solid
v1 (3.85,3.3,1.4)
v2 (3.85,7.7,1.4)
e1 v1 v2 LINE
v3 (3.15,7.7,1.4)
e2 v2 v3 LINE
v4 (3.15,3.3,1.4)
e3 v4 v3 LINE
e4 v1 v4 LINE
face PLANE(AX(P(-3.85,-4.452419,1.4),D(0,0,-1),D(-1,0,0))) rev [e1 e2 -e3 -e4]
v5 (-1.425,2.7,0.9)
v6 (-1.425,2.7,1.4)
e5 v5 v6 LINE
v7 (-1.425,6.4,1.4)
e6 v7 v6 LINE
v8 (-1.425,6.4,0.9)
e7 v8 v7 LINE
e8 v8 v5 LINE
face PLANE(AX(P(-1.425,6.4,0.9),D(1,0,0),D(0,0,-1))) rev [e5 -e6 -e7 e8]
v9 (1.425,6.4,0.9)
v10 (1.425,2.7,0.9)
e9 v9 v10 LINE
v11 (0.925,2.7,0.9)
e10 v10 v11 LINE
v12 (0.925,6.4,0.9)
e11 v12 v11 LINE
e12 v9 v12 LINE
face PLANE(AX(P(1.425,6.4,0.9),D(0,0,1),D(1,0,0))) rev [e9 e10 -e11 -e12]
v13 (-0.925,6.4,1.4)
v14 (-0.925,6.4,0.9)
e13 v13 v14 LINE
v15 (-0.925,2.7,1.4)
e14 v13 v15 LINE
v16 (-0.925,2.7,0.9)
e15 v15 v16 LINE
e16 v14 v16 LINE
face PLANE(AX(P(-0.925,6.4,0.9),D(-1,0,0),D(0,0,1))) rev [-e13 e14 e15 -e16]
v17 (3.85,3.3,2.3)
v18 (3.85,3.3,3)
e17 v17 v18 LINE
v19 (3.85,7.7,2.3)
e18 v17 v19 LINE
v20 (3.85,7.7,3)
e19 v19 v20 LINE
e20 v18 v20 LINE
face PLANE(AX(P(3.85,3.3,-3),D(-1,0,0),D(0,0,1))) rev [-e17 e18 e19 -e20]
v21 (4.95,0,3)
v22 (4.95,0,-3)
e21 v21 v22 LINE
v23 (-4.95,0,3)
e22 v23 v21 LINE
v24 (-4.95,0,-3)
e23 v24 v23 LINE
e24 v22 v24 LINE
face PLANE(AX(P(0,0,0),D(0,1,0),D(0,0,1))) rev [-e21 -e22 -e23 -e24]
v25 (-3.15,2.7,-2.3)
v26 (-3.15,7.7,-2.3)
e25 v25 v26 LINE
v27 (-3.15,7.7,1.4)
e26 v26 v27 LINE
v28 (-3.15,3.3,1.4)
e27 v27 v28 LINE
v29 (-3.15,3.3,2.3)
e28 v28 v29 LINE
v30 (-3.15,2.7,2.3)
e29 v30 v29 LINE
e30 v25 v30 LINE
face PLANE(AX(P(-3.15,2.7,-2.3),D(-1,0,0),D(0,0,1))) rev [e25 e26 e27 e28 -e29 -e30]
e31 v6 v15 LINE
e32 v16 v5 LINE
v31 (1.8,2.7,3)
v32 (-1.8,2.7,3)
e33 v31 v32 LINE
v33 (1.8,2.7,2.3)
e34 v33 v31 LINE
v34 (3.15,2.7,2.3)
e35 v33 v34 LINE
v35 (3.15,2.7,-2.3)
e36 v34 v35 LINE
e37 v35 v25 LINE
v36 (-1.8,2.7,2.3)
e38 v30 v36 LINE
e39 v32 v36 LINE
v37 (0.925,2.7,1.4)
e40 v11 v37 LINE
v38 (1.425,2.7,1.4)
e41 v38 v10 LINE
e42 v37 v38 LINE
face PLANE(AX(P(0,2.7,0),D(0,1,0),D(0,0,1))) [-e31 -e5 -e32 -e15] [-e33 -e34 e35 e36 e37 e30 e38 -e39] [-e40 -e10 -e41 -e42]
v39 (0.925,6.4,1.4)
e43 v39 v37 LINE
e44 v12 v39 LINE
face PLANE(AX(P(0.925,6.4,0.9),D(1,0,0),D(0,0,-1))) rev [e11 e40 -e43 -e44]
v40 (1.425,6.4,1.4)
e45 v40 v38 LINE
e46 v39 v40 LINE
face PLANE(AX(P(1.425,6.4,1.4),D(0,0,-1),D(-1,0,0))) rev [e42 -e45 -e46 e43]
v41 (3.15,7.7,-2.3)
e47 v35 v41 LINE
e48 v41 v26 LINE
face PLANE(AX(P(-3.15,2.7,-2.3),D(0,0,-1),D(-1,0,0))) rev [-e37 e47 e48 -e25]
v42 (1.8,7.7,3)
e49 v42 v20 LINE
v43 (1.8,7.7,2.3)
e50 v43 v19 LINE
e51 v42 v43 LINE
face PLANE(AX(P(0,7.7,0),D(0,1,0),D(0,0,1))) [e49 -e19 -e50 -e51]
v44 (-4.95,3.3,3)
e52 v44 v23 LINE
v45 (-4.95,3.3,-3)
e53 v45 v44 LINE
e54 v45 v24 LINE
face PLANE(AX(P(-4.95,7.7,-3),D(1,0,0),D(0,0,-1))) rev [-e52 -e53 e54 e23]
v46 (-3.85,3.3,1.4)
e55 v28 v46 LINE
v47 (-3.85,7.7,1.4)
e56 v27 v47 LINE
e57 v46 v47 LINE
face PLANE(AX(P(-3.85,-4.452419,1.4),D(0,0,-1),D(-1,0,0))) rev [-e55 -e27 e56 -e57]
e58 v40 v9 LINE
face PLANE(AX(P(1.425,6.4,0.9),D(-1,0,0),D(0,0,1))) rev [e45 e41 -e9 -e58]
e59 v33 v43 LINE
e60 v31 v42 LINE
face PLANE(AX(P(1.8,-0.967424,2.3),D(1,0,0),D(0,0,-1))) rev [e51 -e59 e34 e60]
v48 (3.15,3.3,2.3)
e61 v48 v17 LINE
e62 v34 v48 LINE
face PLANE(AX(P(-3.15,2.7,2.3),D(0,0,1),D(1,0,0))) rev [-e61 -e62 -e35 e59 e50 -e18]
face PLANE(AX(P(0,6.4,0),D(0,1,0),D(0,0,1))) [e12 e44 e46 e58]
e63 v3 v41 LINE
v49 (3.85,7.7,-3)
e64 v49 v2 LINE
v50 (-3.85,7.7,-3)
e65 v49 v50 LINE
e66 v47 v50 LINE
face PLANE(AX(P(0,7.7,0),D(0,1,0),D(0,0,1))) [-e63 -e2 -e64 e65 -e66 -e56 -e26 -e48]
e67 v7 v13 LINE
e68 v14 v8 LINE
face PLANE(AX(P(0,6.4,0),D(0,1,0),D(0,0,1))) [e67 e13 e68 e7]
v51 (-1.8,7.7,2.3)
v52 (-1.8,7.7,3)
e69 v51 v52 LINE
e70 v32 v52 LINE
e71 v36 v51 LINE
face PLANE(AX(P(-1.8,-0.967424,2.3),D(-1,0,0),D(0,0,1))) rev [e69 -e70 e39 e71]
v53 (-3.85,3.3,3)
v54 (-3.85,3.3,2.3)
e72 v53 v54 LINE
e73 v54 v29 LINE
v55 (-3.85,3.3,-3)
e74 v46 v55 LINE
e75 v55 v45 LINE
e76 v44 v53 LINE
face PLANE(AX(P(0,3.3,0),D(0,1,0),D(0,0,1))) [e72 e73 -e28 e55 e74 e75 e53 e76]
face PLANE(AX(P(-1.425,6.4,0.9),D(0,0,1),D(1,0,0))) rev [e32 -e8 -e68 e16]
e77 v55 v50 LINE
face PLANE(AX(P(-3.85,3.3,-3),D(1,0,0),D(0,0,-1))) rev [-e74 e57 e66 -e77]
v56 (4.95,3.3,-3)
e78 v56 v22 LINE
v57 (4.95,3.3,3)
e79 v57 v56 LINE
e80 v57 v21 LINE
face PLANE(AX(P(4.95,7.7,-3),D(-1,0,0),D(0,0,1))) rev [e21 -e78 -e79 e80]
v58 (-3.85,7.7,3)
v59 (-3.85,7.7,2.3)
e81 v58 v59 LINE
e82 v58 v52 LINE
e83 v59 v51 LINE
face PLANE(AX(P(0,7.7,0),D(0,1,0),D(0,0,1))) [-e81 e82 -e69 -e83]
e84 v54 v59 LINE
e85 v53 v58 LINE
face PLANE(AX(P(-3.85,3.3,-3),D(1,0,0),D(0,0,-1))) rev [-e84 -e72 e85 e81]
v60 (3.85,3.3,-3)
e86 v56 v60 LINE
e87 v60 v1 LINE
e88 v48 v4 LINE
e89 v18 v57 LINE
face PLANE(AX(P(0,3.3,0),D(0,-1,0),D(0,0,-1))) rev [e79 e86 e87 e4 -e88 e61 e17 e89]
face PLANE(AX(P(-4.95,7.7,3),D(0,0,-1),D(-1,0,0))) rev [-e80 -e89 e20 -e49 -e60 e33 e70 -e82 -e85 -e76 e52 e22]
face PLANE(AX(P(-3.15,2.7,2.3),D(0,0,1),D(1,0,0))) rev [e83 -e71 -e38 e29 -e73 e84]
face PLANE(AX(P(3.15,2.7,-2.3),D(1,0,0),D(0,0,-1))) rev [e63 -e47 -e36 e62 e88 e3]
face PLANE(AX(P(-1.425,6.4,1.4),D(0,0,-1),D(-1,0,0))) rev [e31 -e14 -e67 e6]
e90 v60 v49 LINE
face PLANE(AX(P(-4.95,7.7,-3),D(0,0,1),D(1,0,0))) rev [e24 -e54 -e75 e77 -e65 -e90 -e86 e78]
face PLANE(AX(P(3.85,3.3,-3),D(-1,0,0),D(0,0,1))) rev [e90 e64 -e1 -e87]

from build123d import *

# Parameters (mm, degrees)
SKETCH1_W           = 9.9
SKETCH1_H           = 6
BOSS_EXTRUDE1_DEPTH = 7.7
SKETCH2_W           = 6.3
SKETCH2_H           = 4.6
CUT_EXTRUDE1_DEPTH  = 5
SKETCH3_W           = 1.1
SKETCH3_H           = 6
CUT_EXTRUDE2_DEPTH  = 4.4
SKETCH4_W           = 3.6
SKETCH4_H           = 0.7
CUT_EXTRUDE3_DEPTH  = 5
SKETCH5_W           = 7.7
SKETCH5_H           = 0.9
CUT_EXTRUDE4_DEPTH  = 4.4
SKETCH6_W           = 0.5
SKETCH6_H           = 0.5
BOSS_EXTRUDE2_DEPTH = 3.7


with BuildPart() as part:
    # Sketch1 → Boss-Extrude1 (new body)
    with BuildSketch(Plane(origin=(0, 0, 0), x_dir=(1, 0, 0), z_dir=(0, 1, 0))):
        Rectangle(SKETCH1_W, SKETCH1_H)
    extrude(amount=BOSS_EXTRUDE1_DEPTH)

    # Sketch2 → Cut-Extrude1 (cut)
    with BuildSketch(Plane(origin=(0, 7.7, 0), x_dir=(1, 0, 0), z_dir=(0, 1, 0))):
        Rectangle(SKETCH2_W, SKETCH2_H)
    extrude(amount=-CUT_EXTRUDE1_DEPTH, mode=Mode.SUBTRACT)

    # Sketch3 → Cut-Extrude2 (cut)
    with BuildSketch(Plane(origin=(0, 7.7, 0), x_dir=(1, 0, 0), z_dir=(0, 1, 0))):
        with Locations((-4.4, 0)):
            Rectangle(SKETCH3_W, SKETCH3_H)
        with Locations((4.4, 0)):
            Rectangle(SKETCH3_W, SKETCH3_H)
    extrude(amount=-CUT_EXTRUDE2_DEPTH, mode=Mode.SUBTRACT)

    # Sketch4 → Cut-Extrude3 (cut)
    with BuildSketch(Plane(origin=(0, 7.7, 0), x_dir=(1, 0, 0), z_dir=(0, 1, 0))):
        with Locations((0, -2.65)):
            Rectangle(SKETCH4_W, SKETCH4_H)
    extrude(amount=-CUT_EXTRUDE3_DEPTH, mode=Mode.SUBTRACT)

    # Sketch5 → Cut-Extrude4 (cut)
    with BuildSketch(Plane(origin=(0, 7.7, 0), x_dir=(1, 0, 0), z_dir=(0, 1, 0))):
        with Locations((0, -1.85)):
            Rectangle(SKETCH5_W, SKETCH5_H)
    extrude(amount=-CUT_EXTRUDE4_DEPTH, mode=Mode.SUBTRACT)

    # Sketch6 → Boss-Extrude2 (add)
    with BuildSketch(Plane(origin=(0, 2.7, 0), x_dir=(1, 0, 0), z_dir=(0, 1, 0))):
        with Locations((-1.175, -1.15)):
            Rectangle(SKETCH6_W, SKETCH6_H)
        with Locations((1.175, -1.15)):
            Rectangle(SKETCH6_W, SKETCH6_H)
    extrude(amount=BOSS_EXTRUDE2_DEPTH)


solid = part.part
